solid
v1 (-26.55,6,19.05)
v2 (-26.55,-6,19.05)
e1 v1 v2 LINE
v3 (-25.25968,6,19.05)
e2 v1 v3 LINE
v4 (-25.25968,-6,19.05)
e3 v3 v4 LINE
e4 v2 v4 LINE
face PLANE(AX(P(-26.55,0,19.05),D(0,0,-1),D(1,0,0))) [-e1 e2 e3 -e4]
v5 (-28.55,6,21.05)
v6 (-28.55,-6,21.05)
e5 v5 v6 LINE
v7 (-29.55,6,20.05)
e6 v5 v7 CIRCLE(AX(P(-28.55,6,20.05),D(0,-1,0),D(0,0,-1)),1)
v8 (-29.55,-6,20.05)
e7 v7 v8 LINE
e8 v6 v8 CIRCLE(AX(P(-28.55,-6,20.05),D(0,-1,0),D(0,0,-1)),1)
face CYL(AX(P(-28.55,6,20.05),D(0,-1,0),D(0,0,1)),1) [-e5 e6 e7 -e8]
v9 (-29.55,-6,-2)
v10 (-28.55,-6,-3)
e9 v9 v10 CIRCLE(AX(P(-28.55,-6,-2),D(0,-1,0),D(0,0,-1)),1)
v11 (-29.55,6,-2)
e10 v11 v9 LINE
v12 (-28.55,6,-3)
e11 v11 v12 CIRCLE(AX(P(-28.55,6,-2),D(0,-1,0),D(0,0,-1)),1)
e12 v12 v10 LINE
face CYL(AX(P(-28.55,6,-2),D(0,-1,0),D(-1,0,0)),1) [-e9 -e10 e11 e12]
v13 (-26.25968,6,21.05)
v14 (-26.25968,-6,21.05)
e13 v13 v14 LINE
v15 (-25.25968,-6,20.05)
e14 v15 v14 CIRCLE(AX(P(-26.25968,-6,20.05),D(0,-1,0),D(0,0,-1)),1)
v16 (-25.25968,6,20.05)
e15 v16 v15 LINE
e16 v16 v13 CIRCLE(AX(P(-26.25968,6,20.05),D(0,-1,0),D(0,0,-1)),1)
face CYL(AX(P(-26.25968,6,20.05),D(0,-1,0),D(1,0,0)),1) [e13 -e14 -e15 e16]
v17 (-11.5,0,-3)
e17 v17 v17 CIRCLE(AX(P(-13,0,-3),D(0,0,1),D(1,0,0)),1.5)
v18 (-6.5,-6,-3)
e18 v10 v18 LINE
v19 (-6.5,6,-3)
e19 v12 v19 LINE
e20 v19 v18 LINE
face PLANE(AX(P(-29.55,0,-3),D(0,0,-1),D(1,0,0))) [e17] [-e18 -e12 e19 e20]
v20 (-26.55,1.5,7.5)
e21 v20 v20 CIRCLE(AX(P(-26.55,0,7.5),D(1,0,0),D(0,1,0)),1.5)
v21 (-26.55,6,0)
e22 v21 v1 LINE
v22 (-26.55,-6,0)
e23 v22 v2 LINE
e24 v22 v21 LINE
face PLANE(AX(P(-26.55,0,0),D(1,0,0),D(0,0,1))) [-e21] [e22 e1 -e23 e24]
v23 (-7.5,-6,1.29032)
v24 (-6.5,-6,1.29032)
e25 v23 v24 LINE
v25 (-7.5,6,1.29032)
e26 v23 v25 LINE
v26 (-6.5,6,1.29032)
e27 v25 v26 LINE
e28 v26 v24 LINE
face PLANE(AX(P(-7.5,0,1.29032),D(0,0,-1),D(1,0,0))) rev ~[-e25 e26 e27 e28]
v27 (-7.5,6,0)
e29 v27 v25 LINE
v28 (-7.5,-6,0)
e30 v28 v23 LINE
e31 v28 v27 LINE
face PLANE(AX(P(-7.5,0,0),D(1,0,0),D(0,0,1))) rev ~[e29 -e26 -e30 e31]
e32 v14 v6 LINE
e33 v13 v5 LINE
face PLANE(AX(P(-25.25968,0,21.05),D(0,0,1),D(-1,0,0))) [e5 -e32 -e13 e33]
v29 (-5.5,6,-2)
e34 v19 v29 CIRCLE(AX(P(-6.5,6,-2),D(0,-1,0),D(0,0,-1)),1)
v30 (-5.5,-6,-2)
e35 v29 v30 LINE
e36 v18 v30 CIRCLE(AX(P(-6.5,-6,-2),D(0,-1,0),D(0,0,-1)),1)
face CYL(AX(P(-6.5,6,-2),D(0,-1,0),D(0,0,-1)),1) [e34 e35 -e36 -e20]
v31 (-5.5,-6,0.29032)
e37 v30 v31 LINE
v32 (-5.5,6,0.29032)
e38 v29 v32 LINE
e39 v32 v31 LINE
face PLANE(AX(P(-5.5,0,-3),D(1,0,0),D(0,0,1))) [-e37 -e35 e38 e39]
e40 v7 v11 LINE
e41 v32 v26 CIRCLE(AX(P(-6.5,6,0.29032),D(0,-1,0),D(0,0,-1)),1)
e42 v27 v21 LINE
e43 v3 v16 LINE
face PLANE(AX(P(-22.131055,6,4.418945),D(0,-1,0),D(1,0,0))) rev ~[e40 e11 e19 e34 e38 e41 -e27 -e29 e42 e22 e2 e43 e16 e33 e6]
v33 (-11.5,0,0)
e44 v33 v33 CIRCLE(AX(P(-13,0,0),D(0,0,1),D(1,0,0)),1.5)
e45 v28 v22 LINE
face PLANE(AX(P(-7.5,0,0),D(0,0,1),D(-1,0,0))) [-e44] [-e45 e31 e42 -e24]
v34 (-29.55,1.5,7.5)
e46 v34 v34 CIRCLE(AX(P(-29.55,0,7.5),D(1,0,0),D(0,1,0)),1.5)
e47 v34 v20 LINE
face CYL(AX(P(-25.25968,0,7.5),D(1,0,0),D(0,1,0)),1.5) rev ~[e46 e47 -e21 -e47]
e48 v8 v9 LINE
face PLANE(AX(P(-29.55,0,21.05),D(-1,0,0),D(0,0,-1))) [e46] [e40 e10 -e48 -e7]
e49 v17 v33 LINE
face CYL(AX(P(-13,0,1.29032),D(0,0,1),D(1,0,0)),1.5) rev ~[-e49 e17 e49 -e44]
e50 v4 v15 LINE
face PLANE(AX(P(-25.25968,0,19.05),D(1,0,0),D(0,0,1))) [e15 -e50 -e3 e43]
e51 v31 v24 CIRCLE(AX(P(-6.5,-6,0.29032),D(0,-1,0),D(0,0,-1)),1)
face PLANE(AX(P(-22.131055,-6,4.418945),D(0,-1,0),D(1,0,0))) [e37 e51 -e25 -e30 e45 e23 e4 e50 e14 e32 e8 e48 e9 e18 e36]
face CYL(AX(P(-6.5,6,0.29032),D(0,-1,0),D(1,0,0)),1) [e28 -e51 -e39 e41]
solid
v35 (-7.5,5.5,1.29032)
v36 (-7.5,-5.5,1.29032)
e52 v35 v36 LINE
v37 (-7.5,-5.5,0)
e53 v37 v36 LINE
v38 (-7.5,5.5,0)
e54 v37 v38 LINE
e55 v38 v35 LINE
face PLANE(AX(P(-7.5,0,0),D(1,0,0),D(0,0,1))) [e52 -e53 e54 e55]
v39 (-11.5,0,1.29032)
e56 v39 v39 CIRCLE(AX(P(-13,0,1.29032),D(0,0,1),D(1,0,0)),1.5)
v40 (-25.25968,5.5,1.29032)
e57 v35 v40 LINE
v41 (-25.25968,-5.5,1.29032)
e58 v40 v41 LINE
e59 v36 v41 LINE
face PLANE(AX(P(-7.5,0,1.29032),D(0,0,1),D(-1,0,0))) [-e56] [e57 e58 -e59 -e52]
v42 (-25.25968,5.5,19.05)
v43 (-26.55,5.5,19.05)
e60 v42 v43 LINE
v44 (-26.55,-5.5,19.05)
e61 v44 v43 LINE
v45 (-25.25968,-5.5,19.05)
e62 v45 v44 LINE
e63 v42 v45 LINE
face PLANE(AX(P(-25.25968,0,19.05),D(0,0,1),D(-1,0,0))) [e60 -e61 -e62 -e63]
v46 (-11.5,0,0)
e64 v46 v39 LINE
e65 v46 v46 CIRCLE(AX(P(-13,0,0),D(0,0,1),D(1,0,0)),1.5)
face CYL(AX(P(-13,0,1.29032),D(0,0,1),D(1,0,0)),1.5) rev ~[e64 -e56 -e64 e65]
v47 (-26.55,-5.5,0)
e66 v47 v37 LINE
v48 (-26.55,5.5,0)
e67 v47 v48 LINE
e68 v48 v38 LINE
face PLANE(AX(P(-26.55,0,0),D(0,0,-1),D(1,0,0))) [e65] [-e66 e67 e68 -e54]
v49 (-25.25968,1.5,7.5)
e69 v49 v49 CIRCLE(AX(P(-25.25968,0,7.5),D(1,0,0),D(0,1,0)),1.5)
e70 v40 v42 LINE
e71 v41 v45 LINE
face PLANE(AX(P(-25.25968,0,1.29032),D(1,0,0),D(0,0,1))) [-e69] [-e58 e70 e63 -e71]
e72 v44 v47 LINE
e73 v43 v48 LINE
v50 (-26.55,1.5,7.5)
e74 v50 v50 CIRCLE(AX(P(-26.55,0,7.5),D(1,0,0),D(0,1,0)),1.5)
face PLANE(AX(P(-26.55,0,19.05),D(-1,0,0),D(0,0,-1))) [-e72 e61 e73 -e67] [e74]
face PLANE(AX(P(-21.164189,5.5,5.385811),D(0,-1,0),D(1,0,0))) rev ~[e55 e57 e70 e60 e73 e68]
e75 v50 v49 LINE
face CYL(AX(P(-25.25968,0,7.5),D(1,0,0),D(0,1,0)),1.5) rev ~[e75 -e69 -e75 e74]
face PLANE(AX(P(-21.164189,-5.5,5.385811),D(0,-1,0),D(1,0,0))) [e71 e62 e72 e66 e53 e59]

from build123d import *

# Parameters (mm, degrees)
F2_DEPTH = 5.5
F3_W     = 1.29032
F3_H     = 2
F3_W_2   = 2
F3_H_2   = 1.29032
F4_DEPTH = 6
F5_R     = 1.5
F6_DEPTH = 12.5
F7_R     = 1.5
F8_DEPTH = 12.5
F9_R     = 1


with BuildPart() as f2:
    # F1 (on Front) → F2 (new body, symmetric)
    with BuildSketch(Plane.XZ):
        Polygon((-7.5, 0), (-7.5, 1.29032), (-25.25968, 1.29032), (-25.25968, 19.05), (-26.55, 19.05), (-26.55, 0), align=None)
    extrude(amount=F2_DEPTH, both=True)


with BuildPart() as f4:
    # F3 (on Front) → F4 (new body, symmetric)
    with BuildSketch(Plane.XZ):
        Polygon((-26.55, 0), (-26.55, 19.05), (-26.55, 21.05), (-29.55, 21.05), (-29.55, -3), (-5.5, -3), (-5.5, 0), (-7.5, 0), align=None)
        with Locations((-25.90484, 20.05)):
            Rectangle(F3_W, F3_H)
        with Locations((-6.5, 0.64516)):
            Rectangle(F3_W_2, F3_H_2)
    extrude(amount=F4_DEPTH, both=True)


with BuildPart() as f6_tool:
    # F5 (on face) → F6 (new body, symmetric)
    with BuildSketch(Plane.XY.offset(1.29032)):
        with Locations((-13, 0)):
            Circle(F5_R)
    extrude(amount=F6_DEPTH, both=True)


with BuildPart() as f2_1:
    add(f2.part)

    # F6: cut by f6_tool
    add(f6_tool.part, mode=Mode.SUBTRACT)


with BuildPart() as f4_1:
    add(f4.part)

    # F6: cut by f6_tool
    add(f6_tool.part, mode=Mode.SUBTRACT)


with BuildPart() as f8_tool:
    # F7 (on face) → F8 (new body, symmetric)
    with BuildSketch(Plane.YZ.offset(-25.25968)):
        with Locations((0, 7.5)):
            Circle(F7_R)
    extrude(amount=F8_DEPTH, both=True)


with BuildPart() as f2_2:
    add(f2_1.part)

    # F8: cut by f8_tool
    add(f8_tool.part, mode=Mode.SUBTRACT)


with BuildPart() as f4_2:
    add(f4_1.part)

    # F8: cut by f8_tool
    add(f8_tool.part, mode=Mode.SUBTRACT)

    # F9
    f9_edges = [f4_2.edges().sort_by_distance(p)[0] for p in [
        (-25.25968, 0, 21.05),
        (-5.5, 0, 1.29032),
        (-29.55, 0, 21.05),
        (-5.5, 0, -3),
        (-29.55, 0, -3),
    ]]
    fillet(f9_edges, radius=F9_R)


solid = Compound([f2_2.part, f4_2.part])
